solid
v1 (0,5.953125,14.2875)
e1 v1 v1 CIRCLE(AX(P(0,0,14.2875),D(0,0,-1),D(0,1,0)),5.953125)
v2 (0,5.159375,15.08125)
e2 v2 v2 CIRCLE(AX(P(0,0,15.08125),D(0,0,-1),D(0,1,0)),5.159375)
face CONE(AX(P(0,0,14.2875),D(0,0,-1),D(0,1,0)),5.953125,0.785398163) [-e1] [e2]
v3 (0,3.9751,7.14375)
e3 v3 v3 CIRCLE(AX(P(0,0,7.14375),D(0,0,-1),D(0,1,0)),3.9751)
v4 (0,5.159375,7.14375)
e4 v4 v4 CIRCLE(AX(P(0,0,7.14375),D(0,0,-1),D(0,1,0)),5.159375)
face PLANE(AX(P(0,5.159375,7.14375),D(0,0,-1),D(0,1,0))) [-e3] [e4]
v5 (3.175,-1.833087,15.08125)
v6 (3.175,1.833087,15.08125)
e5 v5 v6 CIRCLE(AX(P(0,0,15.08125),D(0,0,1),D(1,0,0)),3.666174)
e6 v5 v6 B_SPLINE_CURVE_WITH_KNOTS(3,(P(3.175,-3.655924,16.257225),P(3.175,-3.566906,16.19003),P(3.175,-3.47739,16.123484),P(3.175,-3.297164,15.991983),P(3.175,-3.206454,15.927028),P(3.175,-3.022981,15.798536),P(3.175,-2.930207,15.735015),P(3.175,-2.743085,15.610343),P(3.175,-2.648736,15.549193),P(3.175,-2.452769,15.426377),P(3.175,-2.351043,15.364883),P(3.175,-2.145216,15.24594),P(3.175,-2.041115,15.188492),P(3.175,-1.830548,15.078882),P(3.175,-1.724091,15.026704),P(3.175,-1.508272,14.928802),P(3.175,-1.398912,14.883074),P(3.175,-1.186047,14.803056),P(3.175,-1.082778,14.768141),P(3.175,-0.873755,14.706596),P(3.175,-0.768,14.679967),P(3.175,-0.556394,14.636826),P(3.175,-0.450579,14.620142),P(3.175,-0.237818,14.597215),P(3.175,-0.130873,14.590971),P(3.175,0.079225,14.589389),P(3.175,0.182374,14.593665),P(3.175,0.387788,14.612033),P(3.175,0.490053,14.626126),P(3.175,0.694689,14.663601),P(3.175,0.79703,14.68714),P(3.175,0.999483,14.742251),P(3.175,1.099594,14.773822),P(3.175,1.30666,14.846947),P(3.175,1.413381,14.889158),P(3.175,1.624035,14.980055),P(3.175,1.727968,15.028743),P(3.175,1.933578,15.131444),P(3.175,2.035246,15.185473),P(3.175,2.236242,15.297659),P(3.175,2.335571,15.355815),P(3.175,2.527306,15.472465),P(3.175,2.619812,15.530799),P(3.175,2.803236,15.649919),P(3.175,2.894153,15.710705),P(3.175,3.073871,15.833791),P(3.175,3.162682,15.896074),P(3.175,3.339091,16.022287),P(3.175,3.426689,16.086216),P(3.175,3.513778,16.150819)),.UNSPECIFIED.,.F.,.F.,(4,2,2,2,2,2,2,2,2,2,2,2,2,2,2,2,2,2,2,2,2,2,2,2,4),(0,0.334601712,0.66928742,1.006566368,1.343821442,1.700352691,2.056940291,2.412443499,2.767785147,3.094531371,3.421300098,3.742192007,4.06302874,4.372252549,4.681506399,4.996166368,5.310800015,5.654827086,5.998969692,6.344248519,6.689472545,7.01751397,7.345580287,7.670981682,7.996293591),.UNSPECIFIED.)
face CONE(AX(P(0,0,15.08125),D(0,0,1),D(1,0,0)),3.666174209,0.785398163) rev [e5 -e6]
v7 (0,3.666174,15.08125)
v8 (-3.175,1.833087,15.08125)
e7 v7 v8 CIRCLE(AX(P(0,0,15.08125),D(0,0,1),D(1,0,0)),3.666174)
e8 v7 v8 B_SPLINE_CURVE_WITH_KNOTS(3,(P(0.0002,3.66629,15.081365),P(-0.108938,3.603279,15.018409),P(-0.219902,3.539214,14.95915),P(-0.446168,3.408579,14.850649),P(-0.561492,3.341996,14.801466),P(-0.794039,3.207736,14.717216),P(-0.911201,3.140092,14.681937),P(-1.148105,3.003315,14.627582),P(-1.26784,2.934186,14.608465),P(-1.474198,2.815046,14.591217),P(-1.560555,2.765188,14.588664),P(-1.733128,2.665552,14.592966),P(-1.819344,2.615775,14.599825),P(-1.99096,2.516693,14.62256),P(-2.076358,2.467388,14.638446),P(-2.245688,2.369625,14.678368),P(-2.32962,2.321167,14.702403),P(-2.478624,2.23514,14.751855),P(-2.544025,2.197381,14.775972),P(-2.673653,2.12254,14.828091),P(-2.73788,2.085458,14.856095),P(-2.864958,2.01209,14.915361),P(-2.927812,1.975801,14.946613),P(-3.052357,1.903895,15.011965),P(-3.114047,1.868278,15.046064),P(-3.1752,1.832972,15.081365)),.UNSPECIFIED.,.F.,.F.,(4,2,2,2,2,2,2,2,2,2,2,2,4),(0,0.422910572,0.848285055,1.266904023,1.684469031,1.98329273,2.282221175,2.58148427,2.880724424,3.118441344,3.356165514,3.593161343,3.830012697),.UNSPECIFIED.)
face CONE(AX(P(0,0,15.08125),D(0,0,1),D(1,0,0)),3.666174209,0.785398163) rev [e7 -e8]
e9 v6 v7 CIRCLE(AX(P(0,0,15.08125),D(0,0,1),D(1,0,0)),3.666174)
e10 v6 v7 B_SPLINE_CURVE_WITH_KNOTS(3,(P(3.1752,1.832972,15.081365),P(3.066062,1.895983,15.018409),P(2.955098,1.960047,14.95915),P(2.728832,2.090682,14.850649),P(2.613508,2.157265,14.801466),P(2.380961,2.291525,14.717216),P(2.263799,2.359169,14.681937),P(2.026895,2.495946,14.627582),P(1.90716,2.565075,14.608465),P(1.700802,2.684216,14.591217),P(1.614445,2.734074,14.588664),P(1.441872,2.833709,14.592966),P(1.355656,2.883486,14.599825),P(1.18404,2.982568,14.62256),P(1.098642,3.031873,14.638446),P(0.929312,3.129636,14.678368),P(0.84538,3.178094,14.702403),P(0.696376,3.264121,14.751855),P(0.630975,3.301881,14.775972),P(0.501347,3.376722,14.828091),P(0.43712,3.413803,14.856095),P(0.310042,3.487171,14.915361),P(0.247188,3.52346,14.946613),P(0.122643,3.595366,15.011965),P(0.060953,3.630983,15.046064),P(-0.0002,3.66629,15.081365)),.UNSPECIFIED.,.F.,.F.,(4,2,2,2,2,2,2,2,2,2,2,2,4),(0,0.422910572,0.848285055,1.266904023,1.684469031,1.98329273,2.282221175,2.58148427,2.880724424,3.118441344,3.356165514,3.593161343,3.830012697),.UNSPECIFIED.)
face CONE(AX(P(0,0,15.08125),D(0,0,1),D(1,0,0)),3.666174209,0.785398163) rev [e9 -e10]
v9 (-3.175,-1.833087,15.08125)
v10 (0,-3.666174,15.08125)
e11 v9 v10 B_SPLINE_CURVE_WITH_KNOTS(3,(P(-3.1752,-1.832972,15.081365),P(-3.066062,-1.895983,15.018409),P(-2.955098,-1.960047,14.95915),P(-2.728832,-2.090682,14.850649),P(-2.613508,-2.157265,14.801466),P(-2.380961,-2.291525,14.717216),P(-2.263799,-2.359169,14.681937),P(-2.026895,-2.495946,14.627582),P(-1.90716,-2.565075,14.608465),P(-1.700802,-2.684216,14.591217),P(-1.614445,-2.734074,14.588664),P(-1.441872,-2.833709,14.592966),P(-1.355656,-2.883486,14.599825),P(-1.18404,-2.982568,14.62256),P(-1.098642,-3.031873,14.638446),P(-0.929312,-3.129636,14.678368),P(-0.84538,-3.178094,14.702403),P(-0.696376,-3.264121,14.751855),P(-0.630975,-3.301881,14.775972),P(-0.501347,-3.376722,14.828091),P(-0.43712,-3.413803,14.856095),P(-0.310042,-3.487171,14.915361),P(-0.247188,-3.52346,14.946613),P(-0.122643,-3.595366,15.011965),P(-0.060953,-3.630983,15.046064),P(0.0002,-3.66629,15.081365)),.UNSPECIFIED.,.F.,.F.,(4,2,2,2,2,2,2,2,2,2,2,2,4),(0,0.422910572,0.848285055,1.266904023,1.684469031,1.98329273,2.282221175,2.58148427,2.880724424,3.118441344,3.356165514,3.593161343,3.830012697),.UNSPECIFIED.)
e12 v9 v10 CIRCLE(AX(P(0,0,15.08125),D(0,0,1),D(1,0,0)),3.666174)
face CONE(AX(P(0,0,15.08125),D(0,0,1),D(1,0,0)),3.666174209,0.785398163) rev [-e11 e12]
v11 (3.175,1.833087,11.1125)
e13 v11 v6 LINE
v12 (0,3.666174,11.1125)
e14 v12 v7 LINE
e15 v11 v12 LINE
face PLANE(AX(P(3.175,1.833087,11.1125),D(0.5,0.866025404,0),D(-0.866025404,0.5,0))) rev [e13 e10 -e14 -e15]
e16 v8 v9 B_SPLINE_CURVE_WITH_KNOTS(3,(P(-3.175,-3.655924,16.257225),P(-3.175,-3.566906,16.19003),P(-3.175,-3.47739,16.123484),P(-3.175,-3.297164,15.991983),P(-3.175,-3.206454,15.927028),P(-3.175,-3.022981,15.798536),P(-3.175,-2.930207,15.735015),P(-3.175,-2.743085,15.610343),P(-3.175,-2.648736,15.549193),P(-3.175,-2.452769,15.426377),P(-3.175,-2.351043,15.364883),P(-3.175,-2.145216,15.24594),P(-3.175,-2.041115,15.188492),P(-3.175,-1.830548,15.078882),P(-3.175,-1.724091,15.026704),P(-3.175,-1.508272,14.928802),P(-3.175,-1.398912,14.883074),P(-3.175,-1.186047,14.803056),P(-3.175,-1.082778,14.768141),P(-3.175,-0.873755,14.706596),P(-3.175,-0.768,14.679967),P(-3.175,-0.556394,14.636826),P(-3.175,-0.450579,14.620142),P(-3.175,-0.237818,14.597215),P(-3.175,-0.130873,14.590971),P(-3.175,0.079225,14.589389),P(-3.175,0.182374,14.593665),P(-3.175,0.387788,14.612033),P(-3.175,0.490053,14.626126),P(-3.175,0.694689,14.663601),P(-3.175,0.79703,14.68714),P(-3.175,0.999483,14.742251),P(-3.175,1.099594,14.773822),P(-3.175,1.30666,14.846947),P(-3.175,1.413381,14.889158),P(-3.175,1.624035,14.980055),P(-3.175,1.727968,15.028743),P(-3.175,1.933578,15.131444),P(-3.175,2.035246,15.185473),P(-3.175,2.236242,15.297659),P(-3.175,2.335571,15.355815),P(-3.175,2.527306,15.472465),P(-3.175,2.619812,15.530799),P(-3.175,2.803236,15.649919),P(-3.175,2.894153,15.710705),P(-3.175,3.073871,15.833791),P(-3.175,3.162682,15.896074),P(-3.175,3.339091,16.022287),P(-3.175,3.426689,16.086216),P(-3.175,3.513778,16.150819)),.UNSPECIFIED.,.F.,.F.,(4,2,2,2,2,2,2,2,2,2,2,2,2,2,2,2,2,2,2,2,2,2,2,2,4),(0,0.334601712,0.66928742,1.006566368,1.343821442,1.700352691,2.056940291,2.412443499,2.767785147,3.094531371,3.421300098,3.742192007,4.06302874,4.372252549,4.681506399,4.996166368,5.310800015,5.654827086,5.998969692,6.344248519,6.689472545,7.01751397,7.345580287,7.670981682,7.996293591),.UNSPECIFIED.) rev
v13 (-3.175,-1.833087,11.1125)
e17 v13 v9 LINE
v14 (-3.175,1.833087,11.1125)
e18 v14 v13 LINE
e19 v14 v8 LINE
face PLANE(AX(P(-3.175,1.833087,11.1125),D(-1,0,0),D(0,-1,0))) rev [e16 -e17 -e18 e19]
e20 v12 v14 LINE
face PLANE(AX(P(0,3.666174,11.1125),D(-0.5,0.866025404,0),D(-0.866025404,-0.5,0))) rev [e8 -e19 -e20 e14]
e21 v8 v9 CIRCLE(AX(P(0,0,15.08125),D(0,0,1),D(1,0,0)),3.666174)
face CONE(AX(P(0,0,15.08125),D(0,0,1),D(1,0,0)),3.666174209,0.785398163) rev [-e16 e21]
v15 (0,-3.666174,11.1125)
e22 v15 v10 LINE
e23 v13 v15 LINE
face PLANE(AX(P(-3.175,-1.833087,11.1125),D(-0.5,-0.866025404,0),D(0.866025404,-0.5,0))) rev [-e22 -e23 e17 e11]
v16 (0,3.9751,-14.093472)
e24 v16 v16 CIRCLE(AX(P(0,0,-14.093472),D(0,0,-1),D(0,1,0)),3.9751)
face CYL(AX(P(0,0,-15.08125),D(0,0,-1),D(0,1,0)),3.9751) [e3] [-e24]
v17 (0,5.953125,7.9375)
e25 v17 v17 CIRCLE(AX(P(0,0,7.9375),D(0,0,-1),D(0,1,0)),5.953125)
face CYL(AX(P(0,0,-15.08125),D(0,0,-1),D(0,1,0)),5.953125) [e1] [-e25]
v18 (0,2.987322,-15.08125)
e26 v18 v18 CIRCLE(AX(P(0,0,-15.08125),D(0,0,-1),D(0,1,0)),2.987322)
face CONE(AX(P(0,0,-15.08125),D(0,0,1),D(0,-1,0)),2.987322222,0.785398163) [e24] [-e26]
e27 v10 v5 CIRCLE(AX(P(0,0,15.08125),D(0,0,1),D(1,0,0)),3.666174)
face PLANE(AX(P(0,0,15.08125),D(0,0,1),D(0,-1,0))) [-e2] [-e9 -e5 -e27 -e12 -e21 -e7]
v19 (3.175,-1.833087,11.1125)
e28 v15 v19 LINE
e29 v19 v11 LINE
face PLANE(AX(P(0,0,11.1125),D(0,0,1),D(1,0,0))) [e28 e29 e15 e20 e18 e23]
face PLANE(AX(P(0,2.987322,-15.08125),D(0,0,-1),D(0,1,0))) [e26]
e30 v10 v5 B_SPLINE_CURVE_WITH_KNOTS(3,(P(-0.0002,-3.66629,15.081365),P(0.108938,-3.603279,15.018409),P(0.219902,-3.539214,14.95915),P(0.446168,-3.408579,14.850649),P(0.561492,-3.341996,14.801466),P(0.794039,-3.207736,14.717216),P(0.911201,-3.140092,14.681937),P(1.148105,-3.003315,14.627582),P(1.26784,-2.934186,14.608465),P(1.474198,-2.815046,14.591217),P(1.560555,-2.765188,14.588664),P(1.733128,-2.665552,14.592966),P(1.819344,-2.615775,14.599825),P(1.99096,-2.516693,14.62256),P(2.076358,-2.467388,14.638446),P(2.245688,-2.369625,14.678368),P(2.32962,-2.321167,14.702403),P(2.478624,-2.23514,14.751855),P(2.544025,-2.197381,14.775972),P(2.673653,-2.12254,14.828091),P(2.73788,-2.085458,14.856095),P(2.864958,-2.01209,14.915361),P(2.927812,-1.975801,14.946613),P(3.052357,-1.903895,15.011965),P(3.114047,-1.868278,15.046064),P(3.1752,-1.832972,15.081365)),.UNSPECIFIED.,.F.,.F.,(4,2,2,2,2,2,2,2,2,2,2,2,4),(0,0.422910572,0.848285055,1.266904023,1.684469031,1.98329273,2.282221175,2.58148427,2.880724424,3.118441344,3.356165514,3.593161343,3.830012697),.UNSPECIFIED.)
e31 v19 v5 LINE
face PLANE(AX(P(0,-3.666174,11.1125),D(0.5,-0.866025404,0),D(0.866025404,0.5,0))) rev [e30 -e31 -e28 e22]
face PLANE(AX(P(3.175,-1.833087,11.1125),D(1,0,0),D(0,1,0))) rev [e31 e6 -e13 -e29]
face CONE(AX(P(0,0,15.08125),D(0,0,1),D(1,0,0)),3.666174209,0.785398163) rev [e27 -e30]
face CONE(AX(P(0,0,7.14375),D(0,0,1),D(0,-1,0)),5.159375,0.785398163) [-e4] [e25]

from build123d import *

# Parameters (mm, degrees)
CUT_EXTRUDE1_DEPTH = 3.96875


with BuildPart() as part:
    # Sketch3 → Revolve1 (revolve)
    with BuildSketch(Plane(origin=(0, 0, 0), x_dir=(0, 0, -1), z_dir=(1, 0, 0))):
        Polygon((15.08125, 0), (-15.08125, 0), (-15.08125, 5.159375), (-14.2875, 5.953125), (-7.9375, 5.953125), (-7.14375, 5.159375), (-7.14375, 3.9751), (14.093472222, 3.9751), (15.08125, 2.987322222), align=None)
    revolve(axis=Axis((0, 0, -15.08125), (0, 0, 1)))

    # Sketch4 → Cut-Extrude1 (cut)
    with BuildSketch(Plane.XY.offset(15.08125)):
        Polygon((0, -3.666174209), (3.175, -1.833087105), (3.175, 1.833087105), (0, 3.666174209), (-3.175, 1.833087105), (-3.175, -1.833087105), align=None)
    extrude(amount=-CUT_EXTRUDE1_DEPTH, mode=Mode.SUBTRACT)

    # Cut-Extrude3 cone 1 section (through the dimple's axis) → Cut-Extrude3 (revolve, cut)
    with BuildSketch(Plane(origin=(0, 0, 15.08125), x_dir=(0, -1, 0), z_dir=(1, 0, 0))):
        Polygon((0, 0), (3.666174209, 0), (0, 3.666174209), align=None)
    revolve(axis=Axis((0, 0, 15.08125), (0, 0, -1)), mode=Mode.SUBTRACT)


solid = part.part
